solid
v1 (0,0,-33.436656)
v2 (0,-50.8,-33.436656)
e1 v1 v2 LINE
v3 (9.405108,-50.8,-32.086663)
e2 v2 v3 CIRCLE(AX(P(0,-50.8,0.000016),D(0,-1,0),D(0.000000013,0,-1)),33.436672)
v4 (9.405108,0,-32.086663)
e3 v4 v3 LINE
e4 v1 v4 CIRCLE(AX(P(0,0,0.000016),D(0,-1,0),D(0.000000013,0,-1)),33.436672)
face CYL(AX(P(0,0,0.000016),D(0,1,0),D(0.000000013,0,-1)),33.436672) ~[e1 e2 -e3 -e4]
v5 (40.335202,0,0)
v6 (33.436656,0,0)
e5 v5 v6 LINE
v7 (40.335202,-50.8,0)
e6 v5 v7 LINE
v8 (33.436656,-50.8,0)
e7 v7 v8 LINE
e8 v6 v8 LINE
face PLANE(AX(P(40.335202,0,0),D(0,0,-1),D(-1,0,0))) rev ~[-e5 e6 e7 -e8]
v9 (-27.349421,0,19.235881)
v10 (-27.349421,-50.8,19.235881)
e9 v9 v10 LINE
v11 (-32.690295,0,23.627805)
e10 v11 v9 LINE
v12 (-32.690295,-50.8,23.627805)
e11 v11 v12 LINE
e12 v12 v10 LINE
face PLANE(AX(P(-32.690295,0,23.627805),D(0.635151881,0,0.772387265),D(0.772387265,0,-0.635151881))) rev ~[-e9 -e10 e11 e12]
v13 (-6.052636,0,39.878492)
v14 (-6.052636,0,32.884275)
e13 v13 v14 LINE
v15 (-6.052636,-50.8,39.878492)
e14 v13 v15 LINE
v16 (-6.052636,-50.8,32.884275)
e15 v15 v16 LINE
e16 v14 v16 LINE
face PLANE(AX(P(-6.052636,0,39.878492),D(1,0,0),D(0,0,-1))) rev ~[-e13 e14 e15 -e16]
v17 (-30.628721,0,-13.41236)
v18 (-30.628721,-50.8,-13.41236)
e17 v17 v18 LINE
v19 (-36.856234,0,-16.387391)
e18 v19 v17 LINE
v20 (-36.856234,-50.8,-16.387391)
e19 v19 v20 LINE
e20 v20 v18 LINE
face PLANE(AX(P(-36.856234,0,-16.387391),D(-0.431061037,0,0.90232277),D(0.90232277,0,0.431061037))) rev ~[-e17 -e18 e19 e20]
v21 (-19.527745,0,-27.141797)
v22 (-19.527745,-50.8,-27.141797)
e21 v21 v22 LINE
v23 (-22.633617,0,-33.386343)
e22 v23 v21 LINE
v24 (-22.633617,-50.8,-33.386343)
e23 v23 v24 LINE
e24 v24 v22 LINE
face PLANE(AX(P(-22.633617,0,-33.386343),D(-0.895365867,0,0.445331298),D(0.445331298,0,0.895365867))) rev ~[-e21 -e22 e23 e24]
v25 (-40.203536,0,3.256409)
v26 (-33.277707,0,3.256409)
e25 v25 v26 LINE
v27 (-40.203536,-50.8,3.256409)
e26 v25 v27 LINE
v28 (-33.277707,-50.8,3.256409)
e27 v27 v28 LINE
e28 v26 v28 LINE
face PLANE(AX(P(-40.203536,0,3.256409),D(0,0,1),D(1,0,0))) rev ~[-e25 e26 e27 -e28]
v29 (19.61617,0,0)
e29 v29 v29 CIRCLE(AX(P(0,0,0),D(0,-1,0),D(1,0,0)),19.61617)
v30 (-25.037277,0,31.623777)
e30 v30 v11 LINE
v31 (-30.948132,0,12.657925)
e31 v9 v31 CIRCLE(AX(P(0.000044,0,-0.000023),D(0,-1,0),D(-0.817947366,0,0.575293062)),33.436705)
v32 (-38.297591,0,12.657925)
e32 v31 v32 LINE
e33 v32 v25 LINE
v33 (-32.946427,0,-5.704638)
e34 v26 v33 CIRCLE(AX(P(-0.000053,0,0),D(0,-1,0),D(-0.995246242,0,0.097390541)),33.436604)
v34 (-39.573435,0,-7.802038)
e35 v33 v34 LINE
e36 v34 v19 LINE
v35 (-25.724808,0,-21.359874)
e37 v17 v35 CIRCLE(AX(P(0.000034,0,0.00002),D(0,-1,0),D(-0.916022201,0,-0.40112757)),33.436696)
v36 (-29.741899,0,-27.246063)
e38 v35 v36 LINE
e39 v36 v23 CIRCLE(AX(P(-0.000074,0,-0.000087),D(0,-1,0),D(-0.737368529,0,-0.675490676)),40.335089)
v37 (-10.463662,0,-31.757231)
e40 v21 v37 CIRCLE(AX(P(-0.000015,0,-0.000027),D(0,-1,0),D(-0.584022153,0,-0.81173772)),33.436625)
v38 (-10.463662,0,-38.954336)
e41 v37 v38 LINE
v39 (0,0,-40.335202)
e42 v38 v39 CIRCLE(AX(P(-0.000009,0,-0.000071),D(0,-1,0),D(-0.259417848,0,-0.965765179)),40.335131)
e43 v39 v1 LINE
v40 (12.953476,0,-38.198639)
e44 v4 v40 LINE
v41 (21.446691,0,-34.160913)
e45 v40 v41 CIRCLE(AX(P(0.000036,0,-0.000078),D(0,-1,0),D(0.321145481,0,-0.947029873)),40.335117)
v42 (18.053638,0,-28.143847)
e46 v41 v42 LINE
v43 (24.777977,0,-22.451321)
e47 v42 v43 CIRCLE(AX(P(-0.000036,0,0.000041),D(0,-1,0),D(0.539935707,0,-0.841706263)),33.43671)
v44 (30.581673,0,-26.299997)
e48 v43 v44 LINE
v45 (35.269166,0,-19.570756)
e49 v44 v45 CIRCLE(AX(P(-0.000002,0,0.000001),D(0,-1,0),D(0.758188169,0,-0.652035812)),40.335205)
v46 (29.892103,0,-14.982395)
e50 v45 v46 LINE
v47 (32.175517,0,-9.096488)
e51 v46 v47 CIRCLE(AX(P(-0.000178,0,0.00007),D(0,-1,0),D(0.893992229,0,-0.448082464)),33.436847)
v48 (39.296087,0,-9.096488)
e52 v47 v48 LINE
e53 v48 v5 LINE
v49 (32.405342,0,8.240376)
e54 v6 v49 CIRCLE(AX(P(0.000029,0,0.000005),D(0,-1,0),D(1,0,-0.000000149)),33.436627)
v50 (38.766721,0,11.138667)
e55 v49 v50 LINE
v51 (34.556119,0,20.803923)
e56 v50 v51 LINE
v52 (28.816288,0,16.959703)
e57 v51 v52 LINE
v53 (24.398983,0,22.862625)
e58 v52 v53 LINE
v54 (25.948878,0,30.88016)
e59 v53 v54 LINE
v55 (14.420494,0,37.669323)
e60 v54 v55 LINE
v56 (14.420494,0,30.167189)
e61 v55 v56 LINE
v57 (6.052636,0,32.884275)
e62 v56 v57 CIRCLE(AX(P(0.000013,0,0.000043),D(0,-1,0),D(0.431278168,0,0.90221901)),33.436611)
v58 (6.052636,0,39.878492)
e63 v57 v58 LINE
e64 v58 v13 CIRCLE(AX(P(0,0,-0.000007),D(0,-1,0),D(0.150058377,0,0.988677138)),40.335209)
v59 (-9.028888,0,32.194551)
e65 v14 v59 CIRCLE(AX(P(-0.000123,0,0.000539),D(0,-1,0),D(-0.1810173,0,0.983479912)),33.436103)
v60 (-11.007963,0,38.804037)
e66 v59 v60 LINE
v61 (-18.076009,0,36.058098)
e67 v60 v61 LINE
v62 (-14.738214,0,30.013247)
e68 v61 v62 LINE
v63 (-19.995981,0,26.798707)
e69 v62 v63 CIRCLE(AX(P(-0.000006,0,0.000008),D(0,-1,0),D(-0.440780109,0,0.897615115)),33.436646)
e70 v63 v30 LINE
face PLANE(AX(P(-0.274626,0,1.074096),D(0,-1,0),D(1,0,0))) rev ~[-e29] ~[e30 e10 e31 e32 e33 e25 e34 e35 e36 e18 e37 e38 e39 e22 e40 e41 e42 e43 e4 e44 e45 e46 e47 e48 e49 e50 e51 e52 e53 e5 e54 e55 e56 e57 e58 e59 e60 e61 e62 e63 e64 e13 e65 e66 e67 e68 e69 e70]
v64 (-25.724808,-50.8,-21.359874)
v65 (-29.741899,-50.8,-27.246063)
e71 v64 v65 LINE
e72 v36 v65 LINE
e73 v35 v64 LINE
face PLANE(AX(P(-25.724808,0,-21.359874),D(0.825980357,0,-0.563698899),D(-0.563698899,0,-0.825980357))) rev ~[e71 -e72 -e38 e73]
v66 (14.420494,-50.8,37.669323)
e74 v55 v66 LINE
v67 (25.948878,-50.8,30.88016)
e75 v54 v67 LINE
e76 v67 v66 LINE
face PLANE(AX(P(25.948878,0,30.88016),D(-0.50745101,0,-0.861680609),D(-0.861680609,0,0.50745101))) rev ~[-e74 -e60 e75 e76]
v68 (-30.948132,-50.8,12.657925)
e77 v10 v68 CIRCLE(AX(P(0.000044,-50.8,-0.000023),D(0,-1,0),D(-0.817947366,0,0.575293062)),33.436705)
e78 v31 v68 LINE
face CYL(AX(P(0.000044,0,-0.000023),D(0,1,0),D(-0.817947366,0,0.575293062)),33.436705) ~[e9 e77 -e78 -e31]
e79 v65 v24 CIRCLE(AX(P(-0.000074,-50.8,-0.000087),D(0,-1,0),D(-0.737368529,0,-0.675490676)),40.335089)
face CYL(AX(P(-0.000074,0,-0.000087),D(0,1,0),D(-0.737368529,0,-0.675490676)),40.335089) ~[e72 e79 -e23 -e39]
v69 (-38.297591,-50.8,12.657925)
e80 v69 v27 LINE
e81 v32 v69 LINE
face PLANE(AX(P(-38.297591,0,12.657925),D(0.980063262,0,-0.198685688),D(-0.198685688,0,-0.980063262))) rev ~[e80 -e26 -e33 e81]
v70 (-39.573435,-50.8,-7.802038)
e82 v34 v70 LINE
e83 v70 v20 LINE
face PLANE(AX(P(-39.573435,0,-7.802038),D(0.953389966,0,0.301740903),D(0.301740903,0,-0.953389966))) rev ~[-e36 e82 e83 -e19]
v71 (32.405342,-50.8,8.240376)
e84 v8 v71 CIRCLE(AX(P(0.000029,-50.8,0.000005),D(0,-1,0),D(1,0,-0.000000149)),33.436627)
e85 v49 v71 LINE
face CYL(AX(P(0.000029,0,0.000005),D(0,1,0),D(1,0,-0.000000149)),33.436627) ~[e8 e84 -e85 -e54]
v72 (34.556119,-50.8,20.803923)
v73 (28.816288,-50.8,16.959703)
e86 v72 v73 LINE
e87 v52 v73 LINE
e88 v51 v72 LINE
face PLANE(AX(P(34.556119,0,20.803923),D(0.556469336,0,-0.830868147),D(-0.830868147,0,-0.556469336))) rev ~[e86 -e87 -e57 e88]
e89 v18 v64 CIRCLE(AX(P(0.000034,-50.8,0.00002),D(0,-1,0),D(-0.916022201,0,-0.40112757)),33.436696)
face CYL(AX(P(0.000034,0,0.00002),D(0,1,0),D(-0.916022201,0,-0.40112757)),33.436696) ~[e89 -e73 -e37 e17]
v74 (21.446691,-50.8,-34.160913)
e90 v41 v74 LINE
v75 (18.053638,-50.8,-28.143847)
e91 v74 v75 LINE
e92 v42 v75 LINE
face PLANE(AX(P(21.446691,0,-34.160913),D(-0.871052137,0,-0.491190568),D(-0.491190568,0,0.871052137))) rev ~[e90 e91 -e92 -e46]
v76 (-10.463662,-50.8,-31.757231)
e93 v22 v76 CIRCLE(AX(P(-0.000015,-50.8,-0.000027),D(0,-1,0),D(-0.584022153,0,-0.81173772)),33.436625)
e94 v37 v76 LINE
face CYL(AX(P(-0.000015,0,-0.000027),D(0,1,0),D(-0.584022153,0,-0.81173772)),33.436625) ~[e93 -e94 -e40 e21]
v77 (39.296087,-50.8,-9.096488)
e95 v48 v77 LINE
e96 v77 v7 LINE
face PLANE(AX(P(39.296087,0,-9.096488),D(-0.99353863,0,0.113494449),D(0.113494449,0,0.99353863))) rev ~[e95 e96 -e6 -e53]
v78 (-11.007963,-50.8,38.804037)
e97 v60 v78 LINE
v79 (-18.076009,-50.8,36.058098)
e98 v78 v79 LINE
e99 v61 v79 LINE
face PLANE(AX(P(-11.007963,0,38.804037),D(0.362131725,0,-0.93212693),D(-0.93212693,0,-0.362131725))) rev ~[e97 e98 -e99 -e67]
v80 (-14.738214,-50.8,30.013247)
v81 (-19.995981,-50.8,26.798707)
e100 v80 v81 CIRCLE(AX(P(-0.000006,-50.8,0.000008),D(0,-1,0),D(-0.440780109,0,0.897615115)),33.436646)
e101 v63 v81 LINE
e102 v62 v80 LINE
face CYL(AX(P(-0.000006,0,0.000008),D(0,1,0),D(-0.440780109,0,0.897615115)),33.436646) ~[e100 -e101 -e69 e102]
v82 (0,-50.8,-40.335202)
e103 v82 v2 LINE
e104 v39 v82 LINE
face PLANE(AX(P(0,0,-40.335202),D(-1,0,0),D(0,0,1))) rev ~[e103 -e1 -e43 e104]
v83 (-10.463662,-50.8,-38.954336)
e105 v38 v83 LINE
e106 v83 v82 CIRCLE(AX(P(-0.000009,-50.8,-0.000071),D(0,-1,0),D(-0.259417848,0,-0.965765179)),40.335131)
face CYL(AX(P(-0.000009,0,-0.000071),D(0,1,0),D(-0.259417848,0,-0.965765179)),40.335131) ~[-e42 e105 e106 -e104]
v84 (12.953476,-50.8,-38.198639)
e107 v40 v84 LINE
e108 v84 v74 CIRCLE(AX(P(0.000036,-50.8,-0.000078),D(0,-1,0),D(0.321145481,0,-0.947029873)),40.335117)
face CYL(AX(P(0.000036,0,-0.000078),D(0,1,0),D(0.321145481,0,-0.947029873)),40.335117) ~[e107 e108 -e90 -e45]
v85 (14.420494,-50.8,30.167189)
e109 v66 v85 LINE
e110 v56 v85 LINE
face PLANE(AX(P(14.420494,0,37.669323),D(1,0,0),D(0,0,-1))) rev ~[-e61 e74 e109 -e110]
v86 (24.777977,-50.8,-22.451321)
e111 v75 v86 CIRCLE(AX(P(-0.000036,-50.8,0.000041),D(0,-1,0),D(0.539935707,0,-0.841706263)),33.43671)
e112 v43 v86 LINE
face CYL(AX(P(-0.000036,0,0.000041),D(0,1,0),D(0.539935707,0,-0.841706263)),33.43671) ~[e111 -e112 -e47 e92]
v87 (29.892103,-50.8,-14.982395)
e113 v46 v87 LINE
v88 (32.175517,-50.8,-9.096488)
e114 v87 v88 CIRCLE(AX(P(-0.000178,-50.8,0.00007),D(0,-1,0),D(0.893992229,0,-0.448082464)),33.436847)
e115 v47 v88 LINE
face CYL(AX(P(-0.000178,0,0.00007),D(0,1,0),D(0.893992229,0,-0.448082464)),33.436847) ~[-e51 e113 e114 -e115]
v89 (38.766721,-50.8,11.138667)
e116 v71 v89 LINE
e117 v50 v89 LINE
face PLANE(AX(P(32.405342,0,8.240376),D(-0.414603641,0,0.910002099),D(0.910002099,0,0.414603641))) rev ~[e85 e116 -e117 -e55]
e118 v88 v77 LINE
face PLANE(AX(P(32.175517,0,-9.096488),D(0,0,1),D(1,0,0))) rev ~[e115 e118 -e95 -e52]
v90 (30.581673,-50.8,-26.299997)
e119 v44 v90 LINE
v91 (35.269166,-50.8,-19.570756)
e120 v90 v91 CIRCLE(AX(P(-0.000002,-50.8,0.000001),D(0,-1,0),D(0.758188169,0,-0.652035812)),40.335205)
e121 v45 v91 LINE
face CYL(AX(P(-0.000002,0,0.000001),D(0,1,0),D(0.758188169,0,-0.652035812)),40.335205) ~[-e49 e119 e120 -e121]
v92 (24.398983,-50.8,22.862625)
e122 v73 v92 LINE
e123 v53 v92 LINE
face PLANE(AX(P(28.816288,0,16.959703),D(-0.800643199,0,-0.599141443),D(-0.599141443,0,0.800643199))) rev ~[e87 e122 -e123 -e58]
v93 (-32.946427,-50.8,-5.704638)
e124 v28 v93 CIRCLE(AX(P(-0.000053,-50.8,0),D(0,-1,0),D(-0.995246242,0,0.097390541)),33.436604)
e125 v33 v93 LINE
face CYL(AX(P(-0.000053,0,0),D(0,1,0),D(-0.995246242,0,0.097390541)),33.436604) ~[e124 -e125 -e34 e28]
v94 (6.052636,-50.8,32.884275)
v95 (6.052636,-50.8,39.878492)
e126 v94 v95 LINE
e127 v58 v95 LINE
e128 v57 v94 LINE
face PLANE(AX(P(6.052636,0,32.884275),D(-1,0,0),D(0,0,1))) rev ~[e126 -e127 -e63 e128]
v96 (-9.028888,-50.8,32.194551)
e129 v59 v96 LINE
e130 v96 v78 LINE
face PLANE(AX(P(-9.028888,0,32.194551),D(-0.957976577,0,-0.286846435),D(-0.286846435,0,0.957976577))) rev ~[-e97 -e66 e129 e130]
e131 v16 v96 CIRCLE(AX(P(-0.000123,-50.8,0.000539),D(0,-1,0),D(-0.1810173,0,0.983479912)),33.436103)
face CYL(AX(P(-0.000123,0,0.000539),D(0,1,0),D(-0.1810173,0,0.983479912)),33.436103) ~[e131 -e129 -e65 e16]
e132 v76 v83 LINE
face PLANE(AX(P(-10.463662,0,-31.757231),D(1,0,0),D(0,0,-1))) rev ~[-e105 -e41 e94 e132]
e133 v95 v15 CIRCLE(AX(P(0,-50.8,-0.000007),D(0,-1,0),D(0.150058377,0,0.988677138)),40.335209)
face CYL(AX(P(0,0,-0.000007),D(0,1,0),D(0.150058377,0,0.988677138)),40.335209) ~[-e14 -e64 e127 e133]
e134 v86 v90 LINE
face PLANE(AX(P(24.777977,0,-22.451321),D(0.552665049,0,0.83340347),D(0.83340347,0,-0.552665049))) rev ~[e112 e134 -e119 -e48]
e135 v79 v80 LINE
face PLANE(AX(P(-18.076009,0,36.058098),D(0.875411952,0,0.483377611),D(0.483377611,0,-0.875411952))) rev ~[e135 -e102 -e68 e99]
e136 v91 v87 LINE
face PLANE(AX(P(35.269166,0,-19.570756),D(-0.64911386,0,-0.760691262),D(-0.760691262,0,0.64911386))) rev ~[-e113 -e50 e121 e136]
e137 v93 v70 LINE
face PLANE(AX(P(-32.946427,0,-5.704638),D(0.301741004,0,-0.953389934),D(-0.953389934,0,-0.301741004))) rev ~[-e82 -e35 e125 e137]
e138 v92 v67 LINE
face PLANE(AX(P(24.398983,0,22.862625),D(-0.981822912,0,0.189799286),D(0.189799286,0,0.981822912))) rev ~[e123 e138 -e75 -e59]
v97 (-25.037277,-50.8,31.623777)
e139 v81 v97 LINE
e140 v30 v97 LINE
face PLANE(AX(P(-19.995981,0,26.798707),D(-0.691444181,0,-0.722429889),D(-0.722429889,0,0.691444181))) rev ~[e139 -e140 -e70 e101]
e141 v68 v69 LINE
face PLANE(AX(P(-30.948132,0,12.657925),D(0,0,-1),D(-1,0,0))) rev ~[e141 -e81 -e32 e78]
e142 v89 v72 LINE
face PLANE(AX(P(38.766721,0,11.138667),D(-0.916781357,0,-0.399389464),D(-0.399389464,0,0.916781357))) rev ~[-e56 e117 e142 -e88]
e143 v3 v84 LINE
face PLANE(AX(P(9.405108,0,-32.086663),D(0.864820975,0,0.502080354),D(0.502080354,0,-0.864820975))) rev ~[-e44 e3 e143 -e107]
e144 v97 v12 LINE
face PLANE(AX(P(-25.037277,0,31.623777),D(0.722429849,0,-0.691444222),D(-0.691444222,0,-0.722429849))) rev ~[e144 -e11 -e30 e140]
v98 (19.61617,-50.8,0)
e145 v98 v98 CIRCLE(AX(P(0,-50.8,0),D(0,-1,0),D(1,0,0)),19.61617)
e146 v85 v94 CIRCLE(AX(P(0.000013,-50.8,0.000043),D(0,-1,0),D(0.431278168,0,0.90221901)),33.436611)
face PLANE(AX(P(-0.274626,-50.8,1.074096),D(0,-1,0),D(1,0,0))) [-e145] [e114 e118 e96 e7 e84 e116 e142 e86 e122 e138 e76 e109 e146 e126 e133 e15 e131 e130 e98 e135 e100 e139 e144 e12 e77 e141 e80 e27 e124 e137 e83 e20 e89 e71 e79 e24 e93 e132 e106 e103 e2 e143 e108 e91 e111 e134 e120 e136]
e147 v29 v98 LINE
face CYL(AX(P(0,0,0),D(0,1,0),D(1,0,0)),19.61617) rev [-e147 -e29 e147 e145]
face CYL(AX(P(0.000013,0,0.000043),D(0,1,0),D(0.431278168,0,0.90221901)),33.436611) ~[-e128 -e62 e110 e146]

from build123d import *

# Parameters (mm, degrees)
F0_R     = 19.61617
F1_DEPTH = 50.8


with BuildPart() as f1:
    # F0 (on Front) → F1 (new body)
    with BuildSketch(Plane.XZ):
        with BuildLine():
            Line((-6.052636, 39.878492), (-6.052636, 32.884275))
            ThreePointArc((-6.052636, 32.884275), (-7.548644, 32.573424), (-9.028888, 32.194551))
            Line((-9.028888, 32.194551), (-11.007963, 38.804037))
            Line((-11.007963, 38.804037), (-18.076009, 36.058098))
            Line((-18.076009, 36.058098), (-14.738214, 30.013247))
            ThreePointArc((-14.738214, 30.013247), (-17.441313, 28.527365), (-19.995981, 26.798707))
            Line((-19.995981, 26.798707), (-25.037277, 31.623777))
            Line((-25.037277, 31.623777), (-32.690295, 23.627805))
            Line((-32.690295, 23.627805), (-27.349421, 19.235881))
            ThreePointArc((-27.349421, 19.235881), (-29.333744, 16.048096), (-30.948132, 12.657925))
            Line((-30.948132, 12.657925), (-38.297591, 12.657925))
            Line((-38.297591, 12.657925), (-40.203536, 3.256409))
            Line((-40.203536, 3.256409), (-33.277707, 3.256409))
            ThreePointArc((-33.277707, 3.256409), (-33.413831, -1.235271), (-32.946427, -5.704638))
            Line((-32.946427, -5.704638), (-39.573435, -7.802038))
            Line((-39.573435, -7.802038), (-36.856234, -16.387391))
            Line((-36.856234, -16.387391), (-30.628721, -13.41236))
            ThreePointArc((-30.628721, -13.41236), (-28.455593, -17.558165), (-25.724808, -21.359874))
            Line((-25.724808, -21.359874), (-29.741899, -27.246063))
            ThreePointArc((-29.741899, -27.246063), (-26.367109, -30.523829), (-22.633617, -33.386343))
            Line((-22.633617, -33.386343), (-19.527745, -27.141797))
            ThreePointArc((-19.527745, -27.141797), (-15.172234, -29.796196), (-10.463662, -31.757231))
            Line((-10.463662, -31.757231), (-10.463662, -38.954336))
            ThreePointArc((-10.463662, -38.954336), (-5.277192, -39.988496), (0, -40.335202))
            Line((0, -40.335202), (0, -33.436656))
            ThreePointArc((0, -33.436656), (4.750751, -33.097437), (9.405108, -32.086663))
            Line((9.405108, -32.086663), (12.953476, -38.198639))
            ThreePointArc((12.953476, -38.198639), (17.318161, -36.428147), (21.446691, -34.160913))
            Line((21.446691, -34.160913), (18.053638, -28.143847))
            ThreePointArc((18.053638, -28.143847), (21.60412, -25.52003), (24.777977, -22.451321))
            Line((24.777977, -22.451321), (30.581673, -26.299997))
            ThreePointArc((30.581673, -26.299997), (33.096887, -23.054818), (35.269166, -19.570756))
            Line((35.269166, -19.570756), (29.892103, -14.982395))
            ThreePointArc((29.892103, -14.982395), (31.173038, -12.093454), (32.175517, -9.096488))
            Line((32.175517, -9.096488), (39.296087, -9.096488))
            Line((39.296087, -9.096488), (40.335202, 0))
            Line((40.335202, 0), (33.436656, 0))
            ThreePointArc((33.436656, 0), (33.177826, 4.152331), (32.405342, 8.240376))
            Line((32.405342, 8.240376), (38.766721, 11.138667))
            Line((38.766721, 11.138667), (34.556119, 20.803923))
            Line((34.556119, 20.803923), (28.816288, 16.959703))
            Line((28.816288, 16.959703), (24.398983, 22.862625))
            Line((24.398983, 22.862625), (25.948878, 30.88016))
            Line((25.948878, 30.88016), (14.420494, 37.669323))
            Line((14.420494, 37.669323), (14.420494, 30.167189))
            ThreePointArc((14.420494, 30.167189), (10.326321, 31.802155), (6.052636, 32.884275))
            Line((6.052636, 32.884275), (6.052636, 39.878492))
            ThreePointArc((6.052636, 39.878492), (0, 40.335202), (-6.052636, 39.878492))
        make_face()
        Circle(F0_R, mode=Mode.SUBTRACT)
    extrude(amount=F1_DEPTH)


solid = f1.part
